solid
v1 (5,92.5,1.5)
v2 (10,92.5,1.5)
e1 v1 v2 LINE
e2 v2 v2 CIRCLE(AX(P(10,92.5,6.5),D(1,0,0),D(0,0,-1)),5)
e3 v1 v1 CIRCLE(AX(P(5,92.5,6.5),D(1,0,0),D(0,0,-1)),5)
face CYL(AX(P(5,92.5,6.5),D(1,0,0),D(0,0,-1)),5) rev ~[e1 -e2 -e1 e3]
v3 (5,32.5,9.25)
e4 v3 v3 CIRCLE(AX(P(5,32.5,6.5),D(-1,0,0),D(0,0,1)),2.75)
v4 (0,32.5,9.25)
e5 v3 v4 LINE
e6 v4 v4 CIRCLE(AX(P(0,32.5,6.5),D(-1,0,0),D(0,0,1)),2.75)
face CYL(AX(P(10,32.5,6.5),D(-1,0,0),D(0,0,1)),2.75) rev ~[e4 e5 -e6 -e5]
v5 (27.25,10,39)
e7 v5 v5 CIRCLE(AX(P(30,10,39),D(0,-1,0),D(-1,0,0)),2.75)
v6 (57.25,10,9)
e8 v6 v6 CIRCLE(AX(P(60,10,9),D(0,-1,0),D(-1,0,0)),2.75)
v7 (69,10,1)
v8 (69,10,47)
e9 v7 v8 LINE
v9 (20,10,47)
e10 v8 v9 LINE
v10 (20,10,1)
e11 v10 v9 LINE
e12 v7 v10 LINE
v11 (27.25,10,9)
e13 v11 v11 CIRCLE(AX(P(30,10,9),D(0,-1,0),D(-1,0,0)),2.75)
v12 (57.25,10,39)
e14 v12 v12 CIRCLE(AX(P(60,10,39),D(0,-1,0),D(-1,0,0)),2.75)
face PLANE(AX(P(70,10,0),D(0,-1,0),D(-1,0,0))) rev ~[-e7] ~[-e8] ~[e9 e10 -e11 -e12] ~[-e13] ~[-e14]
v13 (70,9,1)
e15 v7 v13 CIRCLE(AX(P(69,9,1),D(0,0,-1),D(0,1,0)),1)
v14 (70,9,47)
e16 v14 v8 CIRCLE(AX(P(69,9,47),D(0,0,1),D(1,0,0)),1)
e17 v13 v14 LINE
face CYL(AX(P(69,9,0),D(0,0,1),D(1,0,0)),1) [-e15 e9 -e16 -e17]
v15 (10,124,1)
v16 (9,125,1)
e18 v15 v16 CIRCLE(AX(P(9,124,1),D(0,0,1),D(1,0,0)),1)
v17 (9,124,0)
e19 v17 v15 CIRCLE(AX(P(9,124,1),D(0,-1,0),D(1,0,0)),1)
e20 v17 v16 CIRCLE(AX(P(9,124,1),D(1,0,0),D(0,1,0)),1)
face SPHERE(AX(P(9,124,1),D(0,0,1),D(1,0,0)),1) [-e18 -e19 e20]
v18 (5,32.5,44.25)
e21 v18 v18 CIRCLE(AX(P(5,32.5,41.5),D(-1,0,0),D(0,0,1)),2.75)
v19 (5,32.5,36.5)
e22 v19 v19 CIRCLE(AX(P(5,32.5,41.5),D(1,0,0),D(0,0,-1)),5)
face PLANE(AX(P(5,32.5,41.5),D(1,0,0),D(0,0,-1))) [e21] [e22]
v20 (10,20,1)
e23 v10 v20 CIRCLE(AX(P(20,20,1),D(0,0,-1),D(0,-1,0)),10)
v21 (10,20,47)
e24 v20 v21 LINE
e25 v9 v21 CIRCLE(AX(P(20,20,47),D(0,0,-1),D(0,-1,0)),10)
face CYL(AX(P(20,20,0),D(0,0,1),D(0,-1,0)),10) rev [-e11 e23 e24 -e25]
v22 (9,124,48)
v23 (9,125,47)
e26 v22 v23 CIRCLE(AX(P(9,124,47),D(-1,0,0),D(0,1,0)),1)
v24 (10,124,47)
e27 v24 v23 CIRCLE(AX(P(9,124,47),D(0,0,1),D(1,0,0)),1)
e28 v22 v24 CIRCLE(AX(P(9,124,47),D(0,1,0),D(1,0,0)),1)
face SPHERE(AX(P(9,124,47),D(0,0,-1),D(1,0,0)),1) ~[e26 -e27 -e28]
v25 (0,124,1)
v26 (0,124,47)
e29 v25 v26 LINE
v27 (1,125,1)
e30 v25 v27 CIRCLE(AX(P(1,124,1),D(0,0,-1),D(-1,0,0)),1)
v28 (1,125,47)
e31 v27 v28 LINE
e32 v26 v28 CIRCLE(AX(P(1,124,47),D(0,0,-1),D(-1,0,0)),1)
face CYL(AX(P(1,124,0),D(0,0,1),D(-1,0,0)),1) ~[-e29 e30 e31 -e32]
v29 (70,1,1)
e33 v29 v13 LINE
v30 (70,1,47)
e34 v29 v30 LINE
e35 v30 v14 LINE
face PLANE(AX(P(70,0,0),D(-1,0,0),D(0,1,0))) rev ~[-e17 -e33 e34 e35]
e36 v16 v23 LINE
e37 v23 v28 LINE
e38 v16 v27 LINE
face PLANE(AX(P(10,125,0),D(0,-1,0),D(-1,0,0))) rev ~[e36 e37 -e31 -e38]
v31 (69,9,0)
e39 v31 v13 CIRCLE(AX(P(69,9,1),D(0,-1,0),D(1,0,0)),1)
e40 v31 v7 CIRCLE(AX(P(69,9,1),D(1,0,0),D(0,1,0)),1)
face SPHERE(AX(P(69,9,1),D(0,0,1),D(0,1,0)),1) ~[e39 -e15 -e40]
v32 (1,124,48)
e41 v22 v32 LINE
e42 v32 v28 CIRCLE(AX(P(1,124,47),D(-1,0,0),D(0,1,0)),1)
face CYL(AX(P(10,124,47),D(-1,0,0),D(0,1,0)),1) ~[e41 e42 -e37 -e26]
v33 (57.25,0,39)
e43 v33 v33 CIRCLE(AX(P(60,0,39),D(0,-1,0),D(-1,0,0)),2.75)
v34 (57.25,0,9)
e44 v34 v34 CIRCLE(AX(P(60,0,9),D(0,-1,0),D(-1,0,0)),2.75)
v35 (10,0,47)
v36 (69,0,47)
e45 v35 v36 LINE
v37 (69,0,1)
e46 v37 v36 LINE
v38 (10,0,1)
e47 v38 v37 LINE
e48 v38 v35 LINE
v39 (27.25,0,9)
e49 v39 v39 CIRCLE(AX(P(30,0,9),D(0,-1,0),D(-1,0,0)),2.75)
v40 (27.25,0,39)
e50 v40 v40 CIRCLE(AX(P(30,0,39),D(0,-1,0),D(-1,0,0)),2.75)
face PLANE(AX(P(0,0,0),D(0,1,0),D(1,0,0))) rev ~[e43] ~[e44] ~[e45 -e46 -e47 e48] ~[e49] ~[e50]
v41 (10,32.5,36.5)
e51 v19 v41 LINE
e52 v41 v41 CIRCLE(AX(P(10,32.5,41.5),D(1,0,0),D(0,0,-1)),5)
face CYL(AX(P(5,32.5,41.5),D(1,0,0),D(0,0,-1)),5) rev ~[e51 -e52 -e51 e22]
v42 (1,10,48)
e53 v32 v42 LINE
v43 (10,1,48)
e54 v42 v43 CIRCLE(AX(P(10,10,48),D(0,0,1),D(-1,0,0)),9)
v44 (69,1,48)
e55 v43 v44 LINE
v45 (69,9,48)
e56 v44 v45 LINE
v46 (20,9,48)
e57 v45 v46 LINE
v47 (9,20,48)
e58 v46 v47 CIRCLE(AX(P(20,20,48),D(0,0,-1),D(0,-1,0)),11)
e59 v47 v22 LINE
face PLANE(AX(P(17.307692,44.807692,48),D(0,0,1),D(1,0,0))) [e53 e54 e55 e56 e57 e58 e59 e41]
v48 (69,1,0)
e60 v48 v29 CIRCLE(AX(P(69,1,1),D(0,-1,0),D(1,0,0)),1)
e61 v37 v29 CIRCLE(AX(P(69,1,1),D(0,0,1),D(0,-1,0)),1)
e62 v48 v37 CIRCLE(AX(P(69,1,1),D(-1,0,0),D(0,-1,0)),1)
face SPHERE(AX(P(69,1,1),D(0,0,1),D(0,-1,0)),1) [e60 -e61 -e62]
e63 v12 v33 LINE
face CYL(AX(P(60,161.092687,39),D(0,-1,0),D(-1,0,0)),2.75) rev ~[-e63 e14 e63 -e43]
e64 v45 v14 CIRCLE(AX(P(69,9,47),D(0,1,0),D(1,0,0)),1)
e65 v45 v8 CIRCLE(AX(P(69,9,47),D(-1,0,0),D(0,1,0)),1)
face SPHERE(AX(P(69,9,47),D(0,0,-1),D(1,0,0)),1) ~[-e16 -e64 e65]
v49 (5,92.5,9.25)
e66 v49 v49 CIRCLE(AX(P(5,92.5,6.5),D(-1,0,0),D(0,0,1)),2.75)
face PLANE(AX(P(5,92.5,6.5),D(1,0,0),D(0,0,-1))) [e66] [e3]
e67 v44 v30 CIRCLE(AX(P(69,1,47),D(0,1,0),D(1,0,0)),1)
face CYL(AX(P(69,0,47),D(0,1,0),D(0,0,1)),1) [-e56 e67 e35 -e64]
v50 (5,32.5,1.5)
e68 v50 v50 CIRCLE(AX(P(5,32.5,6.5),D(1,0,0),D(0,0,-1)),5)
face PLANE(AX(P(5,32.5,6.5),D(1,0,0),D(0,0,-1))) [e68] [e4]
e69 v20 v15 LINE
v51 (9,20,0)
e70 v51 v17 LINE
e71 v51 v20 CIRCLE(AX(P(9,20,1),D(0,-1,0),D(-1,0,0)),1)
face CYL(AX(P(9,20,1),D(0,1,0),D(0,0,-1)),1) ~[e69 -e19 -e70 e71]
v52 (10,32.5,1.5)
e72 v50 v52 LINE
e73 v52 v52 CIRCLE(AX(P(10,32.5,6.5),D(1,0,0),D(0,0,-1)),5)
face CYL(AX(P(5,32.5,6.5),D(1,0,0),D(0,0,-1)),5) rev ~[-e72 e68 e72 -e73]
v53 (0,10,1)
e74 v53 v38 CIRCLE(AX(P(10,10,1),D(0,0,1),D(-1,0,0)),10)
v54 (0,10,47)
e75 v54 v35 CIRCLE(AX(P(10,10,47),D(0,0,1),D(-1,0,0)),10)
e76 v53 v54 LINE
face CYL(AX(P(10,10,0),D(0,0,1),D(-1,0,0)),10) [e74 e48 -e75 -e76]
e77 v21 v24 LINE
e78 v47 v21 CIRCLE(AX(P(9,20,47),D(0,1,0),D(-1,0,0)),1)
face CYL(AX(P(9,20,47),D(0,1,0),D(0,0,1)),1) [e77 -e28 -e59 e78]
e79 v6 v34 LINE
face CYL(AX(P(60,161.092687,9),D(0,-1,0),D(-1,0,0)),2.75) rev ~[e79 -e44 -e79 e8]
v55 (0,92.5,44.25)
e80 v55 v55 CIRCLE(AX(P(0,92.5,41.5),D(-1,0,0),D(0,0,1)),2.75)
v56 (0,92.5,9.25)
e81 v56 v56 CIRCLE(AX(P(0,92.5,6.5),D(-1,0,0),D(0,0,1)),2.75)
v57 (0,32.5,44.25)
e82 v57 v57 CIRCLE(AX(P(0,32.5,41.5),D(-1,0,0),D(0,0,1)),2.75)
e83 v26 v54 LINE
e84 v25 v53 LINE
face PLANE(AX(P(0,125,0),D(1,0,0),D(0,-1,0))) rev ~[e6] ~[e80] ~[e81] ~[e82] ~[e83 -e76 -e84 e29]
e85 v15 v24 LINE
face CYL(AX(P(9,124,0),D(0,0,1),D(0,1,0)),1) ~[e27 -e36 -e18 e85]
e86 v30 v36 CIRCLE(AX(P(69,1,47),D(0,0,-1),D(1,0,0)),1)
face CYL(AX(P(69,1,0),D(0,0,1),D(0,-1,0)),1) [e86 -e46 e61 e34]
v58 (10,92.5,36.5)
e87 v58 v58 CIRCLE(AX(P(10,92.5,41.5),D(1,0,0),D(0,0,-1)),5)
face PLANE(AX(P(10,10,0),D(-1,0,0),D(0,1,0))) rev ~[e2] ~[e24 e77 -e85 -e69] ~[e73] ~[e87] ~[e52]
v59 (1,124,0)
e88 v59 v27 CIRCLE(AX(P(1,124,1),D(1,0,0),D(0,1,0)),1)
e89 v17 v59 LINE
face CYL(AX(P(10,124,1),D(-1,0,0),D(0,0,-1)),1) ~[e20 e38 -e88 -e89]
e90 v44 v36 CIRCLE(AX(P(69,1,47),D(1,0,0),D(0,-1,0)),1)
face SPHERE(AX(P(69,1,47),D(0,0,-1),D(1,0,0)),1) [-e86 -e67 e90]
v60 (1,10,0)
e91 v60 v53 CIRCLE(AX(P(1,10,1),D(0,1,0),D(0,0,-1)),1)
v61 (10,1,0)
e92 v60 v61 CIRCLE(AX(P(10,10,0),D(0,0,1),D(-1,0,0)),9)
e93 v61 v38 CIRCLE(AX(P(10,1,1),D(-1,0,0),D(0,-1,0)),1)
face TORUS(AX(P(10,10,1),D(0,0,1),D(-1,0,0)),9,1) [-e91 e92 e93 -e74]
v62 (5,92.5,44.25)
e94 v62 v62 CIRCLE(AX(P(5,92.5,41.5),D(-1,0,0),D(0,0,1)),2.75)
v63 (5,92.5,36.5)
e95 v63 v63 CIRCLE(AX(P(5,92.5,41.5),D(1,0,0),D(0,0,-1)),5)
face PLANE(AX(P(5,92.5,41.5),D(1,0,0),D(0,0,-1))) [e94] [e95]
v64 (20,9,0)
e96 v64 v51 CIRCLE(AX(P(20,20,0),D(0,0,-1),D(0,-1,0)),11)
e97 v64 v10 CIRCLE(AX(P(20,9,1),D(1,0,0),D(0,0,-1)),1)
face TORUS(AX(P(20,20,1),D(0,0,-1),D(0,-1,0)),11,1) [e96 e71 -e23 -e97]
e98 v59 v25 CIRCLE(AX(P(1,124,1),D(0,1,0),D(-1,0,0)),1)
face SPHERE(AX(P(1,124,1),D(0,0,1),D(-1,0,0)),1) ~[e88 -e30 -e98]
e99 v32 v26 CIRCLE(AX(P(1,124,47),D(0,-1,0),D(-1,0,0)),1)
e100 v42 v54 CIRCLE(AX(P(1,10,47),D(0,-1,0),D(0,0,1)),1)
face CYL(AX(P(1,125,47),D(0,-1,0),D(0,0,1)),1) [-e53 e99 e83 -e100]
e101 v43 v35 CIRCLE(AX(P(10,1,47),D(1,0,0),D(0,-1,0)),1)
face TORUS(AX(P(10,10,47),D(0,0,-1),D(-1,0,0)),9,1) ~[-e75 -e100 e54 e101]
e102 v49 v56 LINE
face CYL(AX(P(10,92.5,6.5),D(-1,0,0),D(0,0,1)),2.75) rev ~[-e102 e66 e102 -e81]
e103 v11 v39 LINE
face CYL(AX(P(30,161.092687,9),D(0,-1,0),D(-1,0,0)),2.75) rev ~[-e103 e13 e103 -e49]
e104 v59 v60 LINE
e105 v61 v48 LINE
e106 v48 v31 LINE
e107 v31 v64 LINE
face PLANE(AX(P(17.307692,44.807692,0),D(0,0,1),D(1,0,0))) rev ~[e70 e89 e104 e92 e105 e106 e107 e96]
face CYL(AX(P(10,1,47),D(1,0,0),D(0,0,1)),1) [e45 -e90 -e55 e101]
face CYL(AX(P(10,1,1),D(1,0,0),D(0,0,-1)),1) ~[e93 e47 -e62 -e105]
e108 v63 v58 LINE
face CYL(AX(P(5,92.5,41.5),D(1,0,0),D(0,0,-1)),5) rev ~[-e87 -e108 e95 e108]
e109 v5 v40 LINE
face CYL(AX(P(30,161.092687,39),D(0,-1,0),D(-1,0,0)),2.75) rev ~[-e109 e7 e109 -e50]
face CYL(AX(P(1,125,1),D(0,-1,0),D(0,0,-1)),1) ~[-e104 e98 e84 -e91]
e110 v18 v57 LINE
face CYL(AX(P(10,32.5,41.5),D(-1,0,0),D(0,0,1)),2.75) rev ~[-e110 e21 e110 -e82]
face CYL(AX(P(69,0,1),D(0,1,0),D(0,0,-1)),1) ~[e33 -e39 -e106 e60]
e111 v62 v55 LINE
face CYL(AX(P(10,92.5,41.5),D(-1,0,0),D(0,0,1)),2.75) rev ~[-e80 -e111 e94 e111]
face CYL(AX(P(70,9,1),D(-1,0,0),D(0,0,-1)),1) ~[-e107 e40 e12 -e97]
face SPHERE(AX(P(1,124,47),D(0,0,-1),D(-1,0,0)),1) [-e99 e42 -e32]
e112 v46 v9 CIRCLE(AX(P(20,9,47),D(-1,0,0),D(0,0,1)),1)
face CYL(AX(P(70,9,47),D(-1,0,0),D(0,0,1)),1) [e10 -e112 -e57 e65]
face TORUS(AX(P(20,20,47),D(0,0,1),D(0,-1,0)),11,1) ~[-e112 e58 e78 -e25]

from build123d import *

# Parameters (mm, degrees)
BASE_DEPTH                           = 48
ROOT_EDGE_FILLET_R                   = 10
SLIDER_BOLT_HOLE_PATTERN_D           = 5.5
SLIDER_BOLT_HOLE_PATTERN_CBORE_D     = 10
SLIDER_BOLT_HOLE_PATTERN_CBORE_DEPTH = 5
DESKTOP_BOLT_HOLE_PATTERN_D          = 5.5
EXTERNAL_FILLET_R                    = 1


with BuildPart() as part:
    # Sketch1 → base (new body)
    with BuildSketch(Plane.XY):
        Polygon((0, 125), (0, 0), (70, 0), (70, 10), (10, 10), (10, 125), align=None)
    extrude(amount=BASE_DEPTH)

    # root_edge_fillet
    root_edge_fillet_edges = [part.edges().sort_by_distance(p)[0] for p in [
        (10, 10, 24),
        (0, 0, 24),
    ]]
    fillet(root_edge_fillet_edges, radius=ROOT_EDGE_FILLET_R)

    # slider_bolt_hole_pattern (through all)
    with Locations(Plane(origin=(10, 0, 0), x_dir=(0, 0, -1), z_dir=(1, 0, 0))):
        with Locations((-41.5, 92.5), (-6.5, 32.5), (-41.5, 32.5), (-6.5, 92.5)):
            CounterBoreHole(SLIDER_BOLT_HOLE_PATTERN_D / 2, SLIDER_BOLT_HOLE_PATTERN_CBORE_D / 2, SLIDER_BOLT_HOLE_PATTERN_CBORE_DEPTH)

    # desktop_bolt_hole_pattern (through all)
    with Locations(Plane(origin=(0, 10, 0), x_dir=(1, 0, 0), z_dir=(0, 1, 0))):
        with Locations((30, -9), (60, -39), (30, -39), (60, -9)):
            Hole(DESKTOP_BOLT_HOLE_PATTERN_D / 2)

    # external_fillet
    external_fillet_edges = [part.edges().sort_by_distance(p)[0] for p in [
        (10, 125, 24),
        (70, 10, 24),
        (70, 0, 24),
        (0, 125, 24),
        (70, 5, 48),
        (45, 10, 48),
        (40, 0, 0),
        (40, 0, 48),
        (10, 72.5, 0),
        (2.928932188, 2.928932188, 0),
        (10, 72.5, 48),
        (2.928932188, 2.928932188, 48),
        (12.928932188, 12.928932188, 0),
        (12.928932188, 12.928932188, 48),
        (5, 125, 48),
        (45, 10, 0),
        (70, 5, 0),
        (0, 67.5, 48),
        (0, 67.5, 0),
        (5, 125, 0),
    ]]
    fillet(external_fillet_edges, radius=EXTERNAL_FILLET_R)


solid = part.part
